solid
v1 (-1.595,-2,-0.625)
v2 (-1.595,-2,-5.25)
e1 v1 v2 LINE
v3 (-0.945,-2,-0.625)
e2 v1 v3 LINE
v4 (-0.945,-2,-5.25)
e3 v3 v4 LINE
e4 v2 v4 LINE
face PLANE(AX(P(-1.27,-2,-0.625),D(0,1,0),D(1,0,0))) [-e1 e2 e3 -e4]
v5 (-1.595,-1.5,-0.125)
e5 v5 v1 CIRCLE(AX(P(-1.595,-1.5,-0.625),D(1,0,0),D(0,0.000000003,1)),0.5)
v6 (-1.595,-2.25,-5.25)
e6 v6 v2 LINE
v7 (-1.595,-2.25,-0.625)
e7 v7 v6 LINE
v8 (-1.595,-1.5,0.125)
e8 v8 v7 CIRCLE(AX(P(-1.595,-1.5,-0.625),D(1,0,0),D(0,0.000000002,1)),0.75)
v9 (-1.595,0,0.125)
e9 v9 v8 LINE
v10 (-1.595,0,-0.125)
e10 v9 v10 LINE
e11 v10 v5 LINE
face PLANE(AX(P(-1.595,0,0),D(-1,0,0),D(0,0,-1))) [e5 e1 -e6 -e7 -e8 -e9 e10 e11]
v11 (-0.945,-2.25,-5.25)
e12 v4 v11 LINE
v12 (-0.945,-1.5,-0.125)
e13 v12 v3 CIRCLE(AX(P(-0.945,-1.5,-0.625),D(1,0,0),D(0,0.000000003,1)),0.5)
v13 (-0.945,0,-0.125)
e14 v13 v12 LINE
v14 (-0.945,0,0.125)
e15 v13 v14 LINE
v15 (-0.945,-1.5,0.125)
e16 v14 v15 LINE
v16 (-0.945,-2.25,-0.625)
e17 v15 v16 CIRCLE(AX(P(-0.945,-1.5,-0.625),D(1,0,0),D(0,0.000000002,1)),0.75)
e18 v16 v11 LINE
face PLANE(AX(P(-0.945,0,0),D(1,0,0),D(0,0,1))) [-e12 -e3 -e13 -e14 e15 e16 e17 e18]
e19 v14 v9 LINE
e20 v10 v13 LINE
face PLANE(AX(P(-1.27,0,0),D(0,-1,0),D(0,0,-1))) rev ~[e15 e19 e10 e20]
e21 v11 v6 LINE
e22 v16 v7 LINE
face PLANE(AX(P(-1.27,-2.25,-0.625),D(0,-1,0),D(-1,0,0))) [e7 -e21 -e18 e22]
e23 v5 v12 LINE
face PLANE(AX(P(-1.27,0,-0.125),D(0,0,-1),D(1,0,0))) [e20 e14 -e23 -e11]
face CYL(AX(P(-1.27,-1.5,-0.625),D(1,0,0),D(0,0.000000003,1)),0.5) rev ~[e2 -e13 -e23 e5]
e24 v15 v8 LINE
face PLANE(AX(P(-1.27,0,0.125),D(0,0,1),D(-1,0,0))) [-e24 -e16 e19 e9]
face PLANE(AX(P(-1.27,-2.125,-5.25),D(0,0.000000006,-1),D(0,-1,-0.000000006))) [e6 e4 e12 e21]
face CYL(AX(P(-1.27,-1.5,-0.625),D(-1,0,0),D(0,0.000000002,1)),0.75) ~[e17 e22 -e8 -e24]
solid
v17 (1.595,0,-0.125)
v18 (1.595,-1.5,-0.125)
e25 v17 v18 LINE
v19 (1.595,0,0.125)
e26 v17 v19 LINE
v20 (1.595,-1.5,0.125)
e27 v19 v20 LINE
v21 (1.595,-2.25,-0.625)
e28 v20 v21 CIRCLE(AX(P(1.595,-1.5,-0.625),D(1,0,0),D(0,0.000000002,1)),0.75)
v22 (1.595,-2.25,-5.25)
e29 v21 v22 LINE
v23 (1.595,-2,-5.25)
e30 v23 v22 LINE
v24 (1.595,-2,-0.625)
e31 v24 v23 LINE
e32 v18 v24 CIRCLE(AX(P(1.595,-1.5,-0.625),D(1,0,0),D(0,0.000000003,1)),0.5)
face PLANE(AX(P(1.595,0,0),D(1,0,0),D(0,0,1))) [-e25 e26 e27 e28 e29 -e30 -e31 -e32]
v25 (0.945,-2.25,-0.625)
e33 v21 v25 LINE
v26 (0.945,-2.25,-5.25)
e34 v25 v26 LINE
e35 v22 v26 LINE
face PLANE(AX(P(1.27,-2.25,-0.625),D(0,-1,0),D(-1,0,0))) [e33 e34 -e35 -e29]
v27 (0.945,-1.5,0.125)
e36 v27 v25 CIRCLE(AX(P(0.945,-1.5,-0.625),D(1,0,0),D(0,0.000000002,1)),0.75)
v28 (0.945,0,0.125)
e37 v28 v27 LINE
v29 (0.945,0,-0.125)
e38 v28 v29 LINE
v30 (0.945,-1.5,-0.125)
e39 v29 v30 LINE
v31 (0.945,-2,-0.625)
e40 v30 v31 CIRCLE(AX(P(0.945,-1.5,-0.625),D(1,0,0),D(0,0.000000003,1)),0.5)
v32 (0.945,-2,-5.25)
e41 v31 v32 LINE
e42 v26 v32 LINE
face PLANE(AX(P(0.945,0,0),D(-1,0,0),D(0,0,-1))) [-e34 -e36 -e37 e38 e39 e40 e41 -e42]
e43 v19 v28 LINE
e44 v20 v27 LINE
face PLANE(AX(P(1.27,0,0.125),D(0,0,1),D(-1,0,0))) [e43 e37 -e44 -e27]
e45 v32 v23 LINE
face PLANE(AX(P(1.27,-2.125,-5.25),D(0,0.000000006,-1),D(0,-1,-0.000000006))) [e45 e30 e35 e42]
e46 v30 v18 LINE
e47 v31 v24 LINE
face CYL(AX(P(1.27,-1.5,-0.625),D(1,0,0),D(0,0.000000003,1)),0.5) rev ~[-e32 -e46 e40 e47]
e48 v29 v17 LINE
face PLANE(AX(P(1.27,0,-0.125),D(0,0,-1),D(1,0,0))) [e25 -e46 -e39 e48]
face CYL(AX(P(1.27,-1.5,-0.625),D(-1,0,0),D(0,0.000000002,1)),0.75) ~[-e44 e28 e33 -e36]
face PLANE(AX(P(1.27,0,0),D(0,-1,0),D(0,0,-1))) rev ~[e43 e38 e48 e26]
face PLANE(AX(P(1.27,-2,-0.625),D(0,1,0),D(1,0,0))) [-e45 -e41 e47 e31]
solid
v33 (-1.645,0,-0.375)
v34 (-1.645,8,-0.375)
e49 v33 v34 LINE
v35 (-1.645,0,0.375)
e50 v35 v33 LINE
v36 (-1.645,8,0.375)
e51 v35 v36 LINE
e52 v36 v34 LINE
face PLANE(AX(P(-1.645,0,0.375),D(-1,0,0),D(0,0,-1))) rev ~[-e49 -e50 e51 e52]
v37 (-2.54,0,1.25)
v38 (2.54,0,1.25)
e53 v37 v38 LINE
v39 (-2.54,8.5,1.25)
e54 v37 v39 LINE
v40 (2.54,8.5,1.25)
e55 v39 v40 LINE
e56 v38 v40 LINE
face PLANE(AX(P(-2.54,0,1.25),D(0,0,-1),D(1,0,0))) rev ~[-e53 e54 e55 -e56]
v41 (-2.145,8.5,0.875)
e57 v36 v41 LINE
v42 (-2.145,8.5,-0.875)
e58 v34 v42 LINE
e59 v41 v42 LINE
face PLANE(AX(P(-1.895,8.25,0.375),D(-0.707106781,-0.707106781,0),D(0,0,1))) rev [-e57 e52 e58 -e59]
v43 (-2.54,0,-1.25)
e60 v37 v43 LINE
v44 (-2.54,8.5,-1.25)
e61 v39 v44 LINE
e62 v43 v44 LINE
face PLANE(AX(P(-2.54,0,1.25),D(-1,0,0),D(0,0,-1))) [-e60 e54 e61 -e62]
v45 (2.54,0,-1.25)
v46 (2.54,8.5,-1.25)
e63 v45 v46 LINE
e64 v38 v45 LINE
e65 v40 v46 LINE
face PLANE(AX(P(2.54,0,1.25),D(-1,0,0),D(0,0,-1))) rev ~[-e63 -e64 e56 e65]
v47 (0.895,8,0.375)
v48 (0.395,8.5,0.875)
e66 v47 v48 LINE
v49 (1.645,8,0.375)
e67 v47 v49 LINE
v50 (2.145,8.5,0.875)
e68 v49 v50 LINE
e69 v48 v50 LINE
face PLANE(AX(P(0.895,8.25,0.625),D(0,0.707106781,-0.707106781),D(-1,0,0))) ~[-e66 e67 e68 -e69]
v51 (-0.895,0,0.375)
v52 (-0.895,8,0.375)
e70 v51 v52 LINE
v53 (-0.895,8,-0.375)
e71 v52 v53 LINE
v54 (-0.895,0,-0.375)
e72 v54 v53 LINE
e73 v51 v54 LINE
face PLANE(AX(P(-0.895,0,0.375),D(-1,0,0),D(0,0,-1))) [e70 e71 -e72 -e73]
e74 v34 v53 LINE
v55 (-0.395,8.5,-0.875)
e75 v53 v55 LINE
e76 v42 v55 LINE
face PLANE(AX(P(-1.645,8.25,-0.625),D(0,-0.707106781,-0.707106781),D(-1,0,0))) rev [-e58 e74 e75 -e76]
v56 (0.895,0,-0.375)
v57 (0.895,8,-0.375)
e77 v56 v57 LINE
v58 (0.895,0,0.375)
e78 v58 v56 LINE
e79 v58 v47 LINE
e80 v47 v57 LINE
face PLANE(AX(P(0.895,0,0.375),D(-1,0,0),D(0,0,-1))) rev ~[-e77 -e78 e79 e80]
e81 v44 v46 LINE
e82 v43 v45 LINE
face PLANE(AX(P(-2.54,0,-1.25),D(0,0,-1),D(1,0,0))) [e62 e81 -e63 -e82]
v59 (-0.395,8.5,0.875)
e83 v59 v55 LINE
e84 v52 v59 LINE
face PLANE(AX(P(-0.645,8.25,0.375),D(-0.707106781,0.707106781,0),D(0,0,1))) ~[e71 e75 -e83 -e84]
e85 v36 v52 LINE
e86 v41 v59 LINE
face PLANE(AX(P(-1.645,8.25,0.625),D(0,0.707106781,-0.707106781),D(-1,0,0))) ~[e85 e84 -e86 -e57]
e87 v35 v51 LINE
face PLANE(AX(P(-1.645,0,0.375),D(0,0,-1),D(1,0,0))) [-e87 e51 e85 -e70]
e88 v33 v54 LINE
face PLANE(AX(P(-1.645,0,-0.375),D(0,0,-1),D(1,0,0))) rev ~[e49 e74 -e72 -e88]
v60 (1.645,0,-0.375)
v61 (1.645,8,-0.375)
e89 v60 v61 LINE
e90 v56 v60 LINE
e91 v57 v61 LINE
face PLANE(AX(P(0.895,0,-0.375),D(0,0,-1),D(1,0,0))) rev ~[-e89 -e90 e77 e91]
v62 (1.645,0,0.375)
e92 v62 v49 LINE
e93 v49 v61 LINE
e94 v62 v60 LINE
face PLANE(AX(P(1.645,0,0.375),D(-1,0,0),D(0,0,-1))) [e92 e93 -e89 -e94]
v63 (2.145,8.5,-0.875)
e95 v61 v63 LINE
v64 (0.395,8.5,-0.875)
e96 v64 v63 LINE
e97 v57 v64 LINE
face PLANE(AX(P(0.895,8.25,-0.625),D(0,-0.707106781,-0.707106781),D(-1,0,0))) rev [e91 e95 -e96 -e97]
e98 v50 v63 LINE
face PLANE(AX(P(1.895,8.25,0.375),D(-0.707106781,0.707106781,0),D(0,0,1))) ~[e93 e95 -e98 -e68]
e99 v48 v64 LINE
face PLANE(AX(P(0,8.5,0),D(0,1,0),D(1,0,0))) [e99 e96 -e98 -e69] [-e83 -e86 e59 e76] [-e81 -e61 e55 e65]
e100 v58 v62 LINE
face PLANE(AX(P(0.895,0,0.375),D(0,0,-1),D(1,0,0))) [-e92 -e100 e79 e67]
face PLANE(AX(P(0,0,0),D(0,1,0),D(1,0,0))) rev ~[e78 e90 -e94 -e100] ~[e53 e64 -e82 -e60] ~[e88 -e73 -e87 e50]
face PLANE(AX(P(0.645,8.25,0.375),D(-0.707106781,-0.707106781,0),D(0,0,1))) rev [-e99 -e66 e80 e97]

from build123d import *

# Parameters (mm, degrees)
SKETCH1_W           = 5.08
SKETCH1_H           = 2.5
SKETCH1_W_2         = 0.75
SKETCH1_H_2         = 0.75
BOSS_EXTRUDE1_DEPTH = 8.5
CHAMFER1_SIZE       = 0.5
SKETCH2_W           = 0.65
SKETCH2_H           = 0.25


with BuildPart() as part:
    # Sketch1 → Boss-Extrude1 (new body)
    with BuildSketch(Plane(origin=(0, 0, 0), x_dir=(1, 0, 0), z_dir=(0, 1, 0))):
        Rectangle(SKETCH1_W, SKETCH1_H)
        with Locations((-1.27, 0)):
            Rectangle(SKETCH1_W_2, SKETCH1_H_2, mode=Mode.SUBTRACT)
        with Locations((1.27, 0)):
            Rectangle(SKETCH1_W_2, SKETCH1_H_2, mode=Mode.SUBTRACT)
    extrude(amount=BOSS_EXTRUDE1_DEPTH)

    # Chamfer1
    chamfer1_edges = [part.edges().sort_by_distance(p)[0] for p in [
        (-0.895, 8.5, 0),
        (-1.27, 8.5, -0.375),
        (-1.645, 8.5, 0),
        (-1.27, 8.5, 0.375),
        (1.645, 8.5, 0),
        (1.27, 8.5, -0.375),
        (0.895, 8.5, 0),
        (1.27, 8.5, 0.375),
    ]]
    chamfer(chamfer1_edges, length=CHAMFER1_SIZE)


with BuildPart() as body_2:
    # Sweep1: sweep along a path in Sketch3
    with BuildLine(Plane.ZY.offset(2.54)) as sweep1_path:
        Line((-0.125, 0), (-0.125, -1.5))
        ThreePointArc((-0.125, -1.5), (-0.271446609, -1.853553391), (-0.625, -2))
        Line((-0.625, -2), (-5.25, -2))
    # Sketch2 → Sweep1 (sweep)
    with BuildSketch(Plane.XZ):
        with Locations((-1.27, 0)):
            Rectangle(SKETCH2_W, SKETCH2_H)
        with Locations((1.27, 0)):
            Rectangle(SKETCH2_W, SKETCH2_H)
    sweep(path=sweep1_path.line)


solid = Compound([part.part, body_2.part])
